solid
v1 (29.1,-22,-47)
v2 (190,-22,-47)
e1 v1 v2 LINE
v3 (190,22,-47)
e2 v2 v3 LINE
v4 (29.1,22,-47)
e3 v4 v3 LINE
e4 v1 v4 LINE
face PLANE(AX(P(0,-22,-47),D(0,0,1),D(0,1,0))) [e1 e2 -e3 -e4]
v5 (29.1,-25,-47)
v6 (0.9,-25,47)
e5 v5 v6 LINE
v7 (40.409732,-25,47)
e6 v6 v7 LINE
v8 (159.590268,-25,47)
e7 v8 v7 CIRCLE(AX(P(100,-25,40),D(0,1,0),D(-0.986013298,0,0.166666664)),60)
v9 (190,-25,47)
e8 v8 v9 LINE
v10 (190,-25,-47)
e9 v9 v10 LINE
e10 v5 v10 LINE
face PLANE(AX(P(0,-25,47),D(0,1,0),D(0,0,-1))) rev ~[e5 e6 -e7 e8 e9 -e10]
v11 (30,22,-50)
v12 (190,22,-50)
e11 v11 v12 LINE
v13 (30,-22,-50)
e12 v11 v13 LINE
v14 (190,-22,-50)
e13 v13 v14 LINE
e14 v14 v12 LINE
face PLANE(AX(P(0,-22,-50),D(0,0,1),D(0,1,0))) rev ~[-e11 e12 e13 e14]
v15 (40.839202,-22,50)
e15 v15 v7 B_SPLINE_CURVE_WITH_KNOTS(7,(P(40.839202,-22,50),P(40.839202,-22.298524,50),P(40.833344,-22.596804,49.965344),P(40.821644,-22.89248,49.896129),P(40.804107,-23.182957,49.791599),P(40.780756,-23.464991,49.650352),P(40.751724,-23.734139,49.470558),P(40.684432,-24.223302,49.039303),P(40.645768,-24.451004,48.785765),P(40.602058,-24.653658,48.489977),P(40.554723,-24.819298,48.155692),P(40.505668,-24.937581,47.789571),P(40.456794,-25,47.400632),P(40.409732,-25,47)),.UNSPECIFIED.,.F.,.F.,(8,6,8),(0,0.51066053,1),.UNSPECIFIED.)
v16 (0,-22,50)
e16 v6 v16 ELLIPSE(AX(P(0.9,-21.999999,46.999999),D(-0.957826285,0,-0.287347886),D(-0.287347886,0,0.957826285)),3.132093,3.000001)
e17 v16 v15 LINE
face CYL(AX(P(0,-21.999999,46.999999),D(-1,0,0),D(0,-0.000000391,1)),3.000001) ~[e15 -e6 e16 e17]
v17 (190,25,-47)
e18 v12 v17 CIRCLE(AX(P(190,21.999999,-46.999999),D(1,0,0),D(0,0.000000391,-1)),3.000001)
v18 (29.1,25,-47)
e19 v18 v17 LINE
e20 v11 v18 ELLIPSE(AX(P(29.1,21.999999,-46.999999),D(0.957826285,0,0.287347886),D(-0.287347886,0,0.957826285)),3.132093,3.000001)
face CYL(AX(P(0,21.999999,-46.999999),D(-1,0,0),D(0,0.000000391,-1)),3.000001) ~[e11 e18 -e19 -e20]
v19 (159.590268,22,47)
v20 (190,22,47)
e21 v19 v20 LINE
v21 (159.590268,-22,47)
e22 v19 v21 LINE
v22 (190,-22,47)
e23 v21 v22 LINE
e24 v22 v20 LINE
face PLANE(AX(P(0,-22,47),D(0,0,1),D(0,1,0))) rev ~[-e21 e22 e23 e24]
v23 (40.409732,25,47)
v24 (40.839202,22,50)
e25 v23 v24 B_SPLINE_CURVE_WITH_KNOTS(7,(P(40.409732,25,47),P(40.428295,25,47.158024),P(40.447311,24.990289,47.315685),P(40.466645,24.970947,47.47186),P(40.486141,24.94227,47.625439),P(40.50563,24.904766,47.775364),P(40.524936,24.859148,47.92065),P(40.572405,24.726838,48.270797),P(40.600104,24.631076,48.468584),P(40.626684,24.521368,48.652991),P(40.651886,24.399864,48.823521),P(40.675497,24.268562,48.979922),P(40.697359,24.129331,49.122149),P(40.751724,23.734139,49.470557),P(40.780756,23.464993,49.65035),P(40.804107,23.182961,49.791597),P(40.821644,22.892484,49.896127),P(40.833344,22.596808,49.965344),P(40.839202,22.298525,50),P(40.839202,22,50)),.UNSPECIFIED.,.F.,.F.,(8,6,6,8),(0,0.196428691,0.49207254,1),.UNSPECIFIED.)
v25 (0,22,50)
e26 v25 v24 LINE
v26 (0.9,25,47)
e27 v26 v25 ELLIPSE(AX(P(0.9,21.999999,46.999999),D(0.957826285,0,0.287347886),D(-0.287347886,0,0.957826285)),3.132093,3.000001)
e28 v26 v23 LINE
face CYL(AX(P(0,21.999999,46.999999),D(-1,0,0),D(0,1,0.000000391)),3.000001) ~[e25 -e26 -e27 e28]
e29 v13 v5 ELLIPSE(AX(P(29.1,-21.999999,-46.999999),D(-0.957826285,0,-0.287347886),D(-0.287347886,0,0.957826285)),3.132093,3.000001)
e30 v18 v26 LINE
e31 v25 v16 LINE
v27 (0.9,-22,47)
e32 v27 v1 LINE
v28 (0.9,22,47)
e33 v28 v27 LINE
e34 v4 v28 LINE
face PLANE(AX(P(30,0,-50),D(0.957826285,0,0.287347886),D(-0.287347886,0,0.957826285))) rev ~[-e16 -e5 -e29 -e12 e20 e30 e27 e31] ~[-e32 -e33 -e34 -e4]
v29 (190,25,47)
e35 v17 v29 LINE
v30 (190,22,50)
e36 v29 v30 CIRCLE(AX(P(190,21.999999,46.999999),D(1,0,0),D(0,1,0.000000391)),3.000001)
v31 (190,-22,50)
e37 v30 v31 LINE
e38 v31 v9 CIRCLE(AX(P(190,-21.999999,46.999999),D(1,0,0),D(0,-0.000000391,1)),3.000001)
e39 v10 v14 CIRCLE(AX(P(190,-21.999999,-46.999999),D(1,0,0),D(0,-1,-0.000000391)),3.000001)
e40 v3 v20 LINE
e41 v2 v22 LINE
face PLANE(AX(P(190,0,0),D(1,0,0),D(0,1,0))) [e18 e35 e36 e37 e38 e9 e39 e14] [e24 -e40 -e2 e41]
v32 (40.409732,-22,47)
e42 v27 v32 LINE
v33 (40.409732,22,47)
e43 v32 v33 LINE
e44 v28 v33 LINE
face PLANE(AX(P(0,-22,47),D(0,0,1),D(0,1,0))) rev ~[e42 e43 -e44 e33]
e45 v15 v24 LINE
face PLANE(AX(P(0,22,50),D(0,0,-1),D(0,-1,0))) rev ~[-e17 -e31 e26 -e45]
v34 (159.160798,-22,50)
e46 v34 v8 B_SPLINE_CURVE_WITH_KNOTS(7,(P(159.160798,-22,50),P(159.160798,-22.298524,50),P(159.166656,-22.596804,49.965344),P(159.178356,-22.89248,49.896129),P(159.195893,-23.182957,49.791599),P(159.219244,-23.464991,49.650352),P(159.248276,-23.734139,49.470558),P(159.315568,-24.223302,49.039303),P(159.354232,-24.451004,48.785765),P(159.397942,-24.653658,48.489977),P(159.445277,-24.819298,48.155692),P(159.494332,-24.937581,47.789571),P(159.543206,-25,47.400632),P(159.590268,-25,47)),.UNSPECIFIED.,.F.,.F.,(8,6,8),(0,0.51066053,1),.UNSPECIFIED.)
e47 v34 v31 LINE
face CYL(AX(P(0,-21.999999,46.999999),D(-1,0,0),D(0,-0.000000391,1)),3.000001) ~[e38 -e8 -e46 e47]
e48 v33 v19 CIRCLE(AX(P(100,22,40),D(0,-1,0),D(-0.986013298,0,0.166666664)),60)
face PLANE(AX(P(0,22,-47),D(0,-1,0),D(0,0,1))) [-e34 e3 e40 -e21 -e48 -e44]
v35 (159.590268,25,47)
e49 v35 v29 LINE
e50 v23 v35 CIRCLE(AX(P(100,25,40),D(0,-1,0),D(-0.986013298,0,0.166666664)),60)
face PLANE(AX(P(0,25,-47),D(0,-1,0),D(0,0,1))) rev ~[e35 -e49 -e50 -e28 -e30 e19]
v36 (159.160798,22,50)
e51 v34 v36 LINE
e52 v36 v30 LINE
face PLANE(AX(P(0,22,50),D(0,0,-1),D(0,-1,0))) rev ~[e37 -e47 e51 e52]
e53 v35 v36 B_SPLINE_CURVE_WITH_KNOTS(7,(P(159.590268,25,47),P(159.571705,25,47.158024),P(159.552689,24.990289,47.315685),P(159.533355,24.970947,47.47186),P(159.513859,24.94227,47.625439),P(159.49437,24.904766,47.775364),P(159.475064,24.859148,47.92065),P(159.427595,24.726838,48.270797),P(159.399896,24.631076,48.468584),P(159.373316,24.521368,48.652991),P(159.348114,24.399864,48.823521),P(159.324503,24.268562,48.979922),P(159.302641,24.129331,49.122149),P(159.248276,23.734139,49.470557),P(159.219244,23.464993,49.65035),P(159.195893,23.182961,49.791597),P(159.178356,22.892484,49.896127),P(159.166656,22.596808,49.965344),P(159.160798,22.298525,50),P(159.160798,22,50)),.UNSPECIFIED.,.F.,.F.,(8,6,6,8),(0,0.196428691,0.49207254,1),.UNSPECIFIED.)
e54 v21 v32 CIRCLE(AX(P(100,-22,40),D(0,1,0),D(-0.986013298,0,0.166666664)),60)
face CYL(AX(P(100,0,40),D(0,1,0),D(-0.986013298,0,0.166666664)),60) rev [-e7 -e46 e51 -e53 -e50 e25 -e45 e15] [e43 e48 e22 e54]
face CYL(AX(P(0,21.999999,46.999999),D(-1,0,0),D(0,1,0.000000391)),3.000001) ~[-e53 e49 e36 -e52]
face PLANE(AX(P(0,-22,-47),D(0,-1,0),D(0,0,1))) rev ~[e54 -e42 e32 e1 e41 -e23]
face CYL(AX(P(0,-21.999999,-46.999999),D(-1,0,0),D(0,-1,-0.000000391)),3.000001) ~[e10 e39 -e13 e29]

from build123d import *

# Parameters (mm, degrees)
F0_W          = 44
F0_H          = 94
F1_DEPTH      = 190
F3_DEPTH      = 25.001
F3_DEPTH_BACK = 25.001
F5_DEPTH      = 25.001
F5_DEPTH_BACK = 25.001


with BuildPart() as f1:
    # F0 (on Right) → F1 (new body)
    with BuildSketch(Plane.YZ):
        with BuildLine():
            Line((22, 50), (-22, 50))
            ThreePointArc((-22, 50), (-24.12132, 49.12132), (-25, 47))
            Line((-25, 47), (-25, -47))
            ThreePointArc((-25, -47), (-24.12132, -49.12132), (-22, -50))
            Line((-22, -50), (22, -50))
            ThreePointArc((22, -50), (24.12132, -49.12132), (25, -47))
            Line((25, -47), (25, 47))
            ThreePointArc((25, 47), (24.12132, 49.12132), (22, 50))
        make_face()
        Rectangle(F0_W, F0_H, mode=Mode.SUBTRACT)
    extrude(amount=F1_DEPTH)

    # F2 (on Front) → F3 (cut, two sides)
    with BuildSketch(Plane.XZ) as f3_sk:
        Polygon((30, -50), (0, 50), (0, -50), align=None)
    extrude(amount=F3_DEPTH, mode=Mode.SUBTRACT)
    extrude(f3_sk.sketch, amount=-F3_DEPTH_BACK, mode=Mode.SUBTRACT)

    # F4 (on Front) → F5 (cut, two sides)
    with BuildSketch(Plane.XZ) as f5_sk:
        with BuildLine():
            Line((159.160798, 50), (40.839202, 50))
            ThreePointArc((40.839202, 50), (100, -20), (159.160798, 50))
        make_face()
    extrude(amount=F5_DEPTH, mode=Mode.SUBTRACT)
    extrude(f5_sk.sketch, amount=-F5_DEPTH_BACK, mode=Mode.SUBTRACT)


solid = f1.part
